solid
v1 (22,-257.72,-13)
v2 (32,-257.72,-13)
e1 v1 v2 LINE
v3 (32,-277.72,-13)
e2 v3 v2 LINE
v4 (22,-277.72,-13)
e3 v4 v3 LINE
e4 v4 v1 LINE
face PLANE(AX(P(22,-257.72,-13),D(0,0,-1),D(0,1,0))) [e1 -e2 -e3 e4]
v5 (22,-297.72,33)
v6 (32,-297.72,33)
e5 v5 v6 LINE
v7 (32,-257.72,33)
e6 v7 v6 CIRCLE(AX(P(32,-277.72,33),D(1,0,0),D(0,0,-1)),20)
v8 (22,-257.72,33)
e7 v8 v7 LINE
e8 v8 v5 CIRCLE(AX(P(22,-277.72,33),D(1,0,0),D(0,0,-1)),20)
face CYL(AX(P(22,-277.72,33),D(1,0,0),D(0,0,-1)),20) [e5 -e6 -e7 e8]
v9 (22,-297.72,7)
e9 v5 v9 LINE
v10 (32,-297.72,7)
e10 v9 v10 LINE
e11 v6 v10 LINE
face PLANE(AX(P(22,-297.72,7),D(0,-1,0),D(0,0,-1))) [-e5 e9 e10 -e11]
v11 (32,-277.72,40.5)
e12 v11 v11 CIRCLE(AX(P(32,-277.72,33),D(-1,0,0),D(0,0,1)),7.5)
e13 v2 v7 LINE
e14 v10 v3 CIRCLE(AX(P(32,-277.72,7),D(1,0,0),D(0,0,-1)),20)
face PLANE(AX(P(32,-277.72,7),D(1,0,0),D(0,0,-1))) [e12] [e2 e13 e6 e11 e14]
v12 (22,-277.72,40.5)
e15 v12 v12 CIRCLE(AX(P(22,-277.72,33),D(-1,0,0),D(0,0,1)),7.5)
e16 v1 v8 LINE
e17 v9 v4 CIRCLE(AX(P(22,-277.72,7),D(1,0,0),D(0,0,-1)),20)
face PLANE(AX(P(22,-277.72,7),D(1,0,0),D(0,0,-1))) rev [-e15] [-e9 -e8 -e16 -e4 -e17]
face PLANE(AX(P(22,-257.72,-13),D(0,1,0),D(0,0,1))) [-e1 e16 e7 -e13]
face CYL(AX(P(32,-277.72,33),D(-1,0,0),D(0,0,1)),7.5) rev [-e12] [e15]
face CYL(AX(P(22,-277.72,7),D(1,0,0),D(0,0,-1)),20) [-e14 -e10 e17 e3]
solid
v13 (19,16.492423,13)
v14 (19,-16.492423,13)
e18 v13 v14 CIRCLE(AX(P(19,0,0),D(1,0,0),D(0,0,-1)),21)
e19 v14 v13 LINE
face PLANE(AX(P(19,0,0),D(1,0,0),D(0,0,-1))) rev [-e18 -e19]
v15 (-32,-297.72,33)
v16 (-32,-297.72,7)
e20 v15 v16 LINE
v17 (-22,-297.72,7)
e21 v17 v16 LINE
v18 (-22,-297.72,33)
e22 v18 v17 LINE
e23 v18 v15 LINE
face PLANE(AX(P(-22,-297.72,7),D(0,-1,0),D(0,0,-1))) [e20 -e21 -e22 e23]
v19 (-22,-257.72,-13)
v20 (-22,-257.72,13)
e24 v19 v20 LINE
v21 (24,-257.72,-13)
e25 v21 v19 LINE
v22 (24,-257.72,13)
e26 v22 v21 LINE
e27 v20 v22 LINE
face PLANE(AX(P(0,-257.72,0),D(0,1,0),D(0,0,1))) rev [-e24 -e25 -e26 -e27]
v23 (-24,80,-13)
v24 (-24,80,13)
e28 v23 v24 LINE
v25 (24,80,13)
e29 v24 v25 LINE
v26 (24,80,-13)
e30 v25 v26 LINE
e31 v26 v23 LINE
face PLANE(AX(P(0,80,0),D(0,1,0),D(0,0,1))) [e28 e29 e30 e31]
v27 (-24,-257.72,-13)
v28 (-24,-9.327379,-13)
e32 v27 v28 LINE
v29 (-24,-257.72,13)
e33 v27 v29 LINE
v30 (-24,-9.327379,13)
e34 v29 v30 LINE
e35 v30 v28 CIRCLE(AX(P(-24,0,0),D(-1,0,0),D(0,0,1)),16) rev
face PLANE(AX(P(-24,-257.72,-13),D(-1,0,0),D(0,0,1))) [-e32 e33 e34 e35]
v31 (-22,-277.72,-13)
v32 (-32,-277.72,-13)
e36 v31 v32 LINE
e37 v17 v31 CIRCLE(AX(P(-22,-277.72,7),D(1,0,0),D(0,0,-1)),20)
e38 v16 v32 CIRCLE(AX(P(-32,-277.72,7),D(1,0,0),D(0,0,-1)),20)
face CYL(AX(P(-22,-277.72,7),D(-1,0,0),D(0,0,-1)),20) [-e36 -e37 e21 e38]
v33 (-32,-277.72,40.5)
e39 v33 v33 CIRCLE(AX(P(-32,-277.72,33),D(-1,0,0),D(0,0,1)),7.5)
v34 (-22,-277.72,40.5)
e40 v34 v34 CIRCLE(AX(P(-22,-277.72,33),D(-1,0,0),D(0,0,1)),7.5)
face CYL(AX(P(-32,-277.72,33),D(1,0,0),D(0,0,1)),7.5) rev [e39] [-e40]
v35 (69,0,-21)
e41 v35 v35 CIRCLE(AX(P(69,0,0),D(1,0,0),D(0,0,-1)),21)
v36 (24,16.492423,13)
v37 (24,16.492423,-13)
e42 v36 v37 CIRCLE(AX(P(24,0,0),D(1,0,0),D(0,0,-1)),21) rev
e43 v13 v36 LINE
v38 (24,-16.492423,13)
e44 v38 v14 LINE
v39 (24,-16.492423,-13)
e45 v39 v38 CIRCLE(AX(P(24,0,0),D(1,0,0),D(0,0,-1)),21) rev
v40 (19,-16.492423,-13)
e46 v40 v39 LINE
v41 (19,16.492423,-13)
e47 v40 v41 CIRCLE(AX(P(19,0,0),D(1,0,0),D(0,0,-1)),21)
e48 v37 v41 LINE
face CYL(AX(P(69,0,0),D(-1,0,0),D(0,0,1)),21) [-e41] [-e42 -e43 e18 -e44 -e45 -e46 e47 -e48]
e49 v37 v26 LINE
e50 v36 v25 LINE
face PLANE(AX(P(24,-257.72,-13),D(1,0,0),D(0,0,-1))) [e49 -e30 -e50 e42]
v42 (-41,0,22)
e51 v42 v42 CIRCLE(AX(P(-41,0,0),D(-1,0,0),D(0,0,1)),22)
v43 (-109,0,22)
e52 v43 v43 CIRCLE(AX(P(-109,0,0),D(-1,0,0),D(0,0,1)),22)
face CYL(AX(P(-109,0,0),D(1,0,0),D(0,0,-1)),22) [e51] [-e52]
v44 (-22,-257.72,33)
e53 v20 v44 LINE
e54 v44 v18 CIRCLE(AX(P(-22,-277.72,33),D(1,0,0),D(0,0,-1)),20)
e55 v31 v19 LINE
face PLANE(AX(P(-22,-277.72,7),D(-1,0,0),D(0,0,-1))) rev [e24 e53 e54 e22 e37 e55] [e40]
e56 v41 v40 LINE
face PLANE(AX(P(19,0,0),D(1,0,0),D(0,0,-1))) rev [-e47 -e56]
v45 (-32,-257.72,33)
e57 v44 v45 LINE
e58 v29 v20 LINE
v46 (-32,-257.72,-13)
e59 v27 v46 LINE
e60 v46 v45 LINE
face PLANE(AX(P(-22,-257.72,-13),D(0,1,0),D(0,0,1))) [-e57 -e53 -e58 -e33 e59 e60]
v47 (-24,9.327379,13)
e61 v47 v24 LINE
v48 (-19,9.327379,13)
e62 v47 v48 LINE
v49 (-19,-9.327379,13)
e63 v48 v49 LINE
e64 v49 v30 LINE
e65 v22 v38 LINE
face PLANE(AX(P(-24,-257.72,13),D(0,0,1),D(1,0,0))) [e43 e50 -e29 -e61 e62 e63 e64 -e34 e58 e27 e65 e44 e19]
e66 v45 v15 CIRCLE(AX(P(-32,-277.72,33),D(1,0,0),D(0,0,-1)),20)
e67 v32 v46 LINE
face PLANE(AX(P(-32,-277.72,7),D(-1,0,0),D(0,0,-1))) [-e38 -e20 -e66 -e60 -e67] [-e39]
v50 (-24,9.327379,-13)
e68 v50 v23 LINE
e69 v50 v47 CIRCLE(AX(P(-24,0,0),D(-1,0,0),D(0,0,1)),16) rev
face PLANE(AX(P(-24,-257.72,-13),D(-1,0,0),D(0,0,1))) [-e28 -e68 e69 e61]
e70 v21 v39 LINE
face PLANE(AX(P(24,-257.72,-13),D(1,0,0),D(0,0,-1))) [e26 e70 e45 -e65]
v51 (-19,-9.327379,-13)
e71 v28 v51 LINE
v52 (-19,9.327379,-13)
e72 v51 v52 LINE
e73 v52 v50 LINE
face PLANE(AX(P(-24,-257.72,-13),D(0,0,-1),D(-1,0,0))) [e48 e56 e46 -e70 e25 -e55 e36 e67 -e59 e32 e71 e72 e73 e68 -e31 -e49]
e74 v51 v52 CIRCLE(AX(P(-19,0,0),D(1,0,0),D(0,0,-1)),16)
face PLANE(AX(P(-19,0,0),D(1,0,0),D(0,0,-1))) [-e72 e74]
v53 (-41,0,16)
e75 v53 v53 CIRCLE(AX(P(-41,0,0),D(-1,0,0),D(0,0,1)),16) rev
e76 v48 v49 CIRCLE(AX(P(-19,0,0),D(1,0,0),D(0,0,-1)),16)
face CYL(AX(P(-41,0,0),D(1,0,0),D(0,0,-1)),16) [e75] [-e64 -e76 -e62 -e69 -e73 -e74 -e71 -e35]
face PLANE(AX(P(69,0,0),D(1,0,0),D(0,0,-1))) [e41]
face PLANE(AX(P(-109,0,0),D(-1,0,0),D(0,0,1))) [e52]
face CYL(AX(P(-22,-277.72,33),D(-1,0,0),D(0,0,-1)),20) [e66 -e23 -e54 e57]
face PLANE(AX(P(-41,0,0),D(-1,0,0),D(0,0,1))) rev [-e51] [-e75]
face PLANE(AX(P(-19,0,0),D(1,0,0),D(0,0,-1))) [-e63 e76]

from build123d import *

# Parameters (mm, degrees)
SKETCH3_R                = 16
BOSS_EXTRUDE1_DEPTH      = 22
SKETCH4_R                = 22
BOSS_EXTRUDE2_DEPTH      = 68
SKETCH2_R                = 21
BOSS_EXTRUDE3_DEPTH      = 50
SKETCH1_W                = 48
SKETCH1_H                = 26
BOSS_EXTRUDE5_DEPTH      = 80
BOSS_EXTRUDE5_DEPTH_BACK = 257.72
BOSS_EXTRUDE7_START      = -2
BOSS_EXTRUDE7_DEPTH      = 10
CUT_EXTRUDE4_START       = -10
SKETCH10_R               = 7.5
CUT_EXTRUDE4_DEPTH       = 10


with BuildPart() as part:
    # Sketch3 → Boss-Extrude1 (new body)
    with BuildSketch(Plane(origin=(-19, 0, 0), x_dir=(0, 0, -1), z_dir=(1, 0, 0))):
        Circle(SKETCH3_R)
    extrude(amount=-BOSS_EXTRUDE1_DEPTH)

    # Sketch4 → Boss-Extrude2 (add)
    with BuildSketch(Plane.ZY.offset(41)):
        Circle(SKETCH4_R)
    extrude(amount=BOSS_EXTRUDE2_DEPTH)



with BuildPart() as body_2:
    # Sketch2 → Boss-Extrude3 (new body)
    with BuildSketch(Plane(origin=(19, 0, 0), x_dir=(0, 0, -1), z_dir=(1, 0, 0))):
        Circle(SKETCH2_R)
    extrude(amount=BOSS_EXTRUDE3_DEPTH)


with BuildPart() as part_1:
    add(part.part)

    add(body_2.part)  # Boss-Extrude5 merges body 2
    # Sketch1 → Boss-Extrude5 (add, two sides)
    with BuildSketch(Plane(origin=(0, 0, 0), x_dir=(1, 0, 0), z_dir=(0, 1, 0))) as boss_extrude5_sk:
        Rectangle(SKETCH1_W, SKETCH1_H)
    extrude(amount=BOSS_EXTRUDE5_DEPTH)
    extrude(boss_extrude5_sk.sketch, amount=-BOSS_EXTRUDE5_DEPTH_BACK)


with BuildPart() as body_2_2:
    # Sketch5 → Boss-Extrude7 (new body)
    with BuildSketch(Plane(origin=(24, 0, 0), x_dir=(0, 0, -1), z_dir=(1, 0, 0)).offset(BOSS_EXTRUDE7_START)):
        with BuildLine():
            Line((13, -257.72), (-33, -257.72))
            ThreePointArc((-33, -257.72), (-53, -277.72), (-33, -297.72))
            Line((-33, -297.72), (-7, -297.72))
            ThreePointArc((-7, -297.72), (7.142135624, -291.862135624), (13, -277.72))
            Line((13, -277.72), (13, -257.72))
        make_face()
    boss_extrude7 = extrude(amount=BOSS_EXTRUDE7_DEPTH)

    # Sketch10 → Cut-Extrude4 (cut)
    with BuildSketch(Plane.ZY.offset(-22).offset(CUT_EXTRUDE4_START)):
        with Locations((33, -277.72)):
            Circle(SKETCH10_R)
    cut_extrude4 = extrude(amount=CUT_EXTRUDE4_DEPTH, mode=Mode.SUBTRACT)


with BuildPart() as part_2:
    add(part_1.part)

    # Mirror26: Boss-Extrude7, Cut-Extrude4 across plane
    add(boss_extrude7.mirror(Plane(origin=(0, 0, 0), x_dir=(0, 0, 1), z_dir=(1, 0, 0))))
    add(cut_extrude4.mirror(Plane(origin=(0, 0, 0), x_dir=(0, 0, 1), z_dir=(1, 0, 0))), mode=Mode.SUBTRACT)


solid = Compound([body_2_2.part, part_2.part])
